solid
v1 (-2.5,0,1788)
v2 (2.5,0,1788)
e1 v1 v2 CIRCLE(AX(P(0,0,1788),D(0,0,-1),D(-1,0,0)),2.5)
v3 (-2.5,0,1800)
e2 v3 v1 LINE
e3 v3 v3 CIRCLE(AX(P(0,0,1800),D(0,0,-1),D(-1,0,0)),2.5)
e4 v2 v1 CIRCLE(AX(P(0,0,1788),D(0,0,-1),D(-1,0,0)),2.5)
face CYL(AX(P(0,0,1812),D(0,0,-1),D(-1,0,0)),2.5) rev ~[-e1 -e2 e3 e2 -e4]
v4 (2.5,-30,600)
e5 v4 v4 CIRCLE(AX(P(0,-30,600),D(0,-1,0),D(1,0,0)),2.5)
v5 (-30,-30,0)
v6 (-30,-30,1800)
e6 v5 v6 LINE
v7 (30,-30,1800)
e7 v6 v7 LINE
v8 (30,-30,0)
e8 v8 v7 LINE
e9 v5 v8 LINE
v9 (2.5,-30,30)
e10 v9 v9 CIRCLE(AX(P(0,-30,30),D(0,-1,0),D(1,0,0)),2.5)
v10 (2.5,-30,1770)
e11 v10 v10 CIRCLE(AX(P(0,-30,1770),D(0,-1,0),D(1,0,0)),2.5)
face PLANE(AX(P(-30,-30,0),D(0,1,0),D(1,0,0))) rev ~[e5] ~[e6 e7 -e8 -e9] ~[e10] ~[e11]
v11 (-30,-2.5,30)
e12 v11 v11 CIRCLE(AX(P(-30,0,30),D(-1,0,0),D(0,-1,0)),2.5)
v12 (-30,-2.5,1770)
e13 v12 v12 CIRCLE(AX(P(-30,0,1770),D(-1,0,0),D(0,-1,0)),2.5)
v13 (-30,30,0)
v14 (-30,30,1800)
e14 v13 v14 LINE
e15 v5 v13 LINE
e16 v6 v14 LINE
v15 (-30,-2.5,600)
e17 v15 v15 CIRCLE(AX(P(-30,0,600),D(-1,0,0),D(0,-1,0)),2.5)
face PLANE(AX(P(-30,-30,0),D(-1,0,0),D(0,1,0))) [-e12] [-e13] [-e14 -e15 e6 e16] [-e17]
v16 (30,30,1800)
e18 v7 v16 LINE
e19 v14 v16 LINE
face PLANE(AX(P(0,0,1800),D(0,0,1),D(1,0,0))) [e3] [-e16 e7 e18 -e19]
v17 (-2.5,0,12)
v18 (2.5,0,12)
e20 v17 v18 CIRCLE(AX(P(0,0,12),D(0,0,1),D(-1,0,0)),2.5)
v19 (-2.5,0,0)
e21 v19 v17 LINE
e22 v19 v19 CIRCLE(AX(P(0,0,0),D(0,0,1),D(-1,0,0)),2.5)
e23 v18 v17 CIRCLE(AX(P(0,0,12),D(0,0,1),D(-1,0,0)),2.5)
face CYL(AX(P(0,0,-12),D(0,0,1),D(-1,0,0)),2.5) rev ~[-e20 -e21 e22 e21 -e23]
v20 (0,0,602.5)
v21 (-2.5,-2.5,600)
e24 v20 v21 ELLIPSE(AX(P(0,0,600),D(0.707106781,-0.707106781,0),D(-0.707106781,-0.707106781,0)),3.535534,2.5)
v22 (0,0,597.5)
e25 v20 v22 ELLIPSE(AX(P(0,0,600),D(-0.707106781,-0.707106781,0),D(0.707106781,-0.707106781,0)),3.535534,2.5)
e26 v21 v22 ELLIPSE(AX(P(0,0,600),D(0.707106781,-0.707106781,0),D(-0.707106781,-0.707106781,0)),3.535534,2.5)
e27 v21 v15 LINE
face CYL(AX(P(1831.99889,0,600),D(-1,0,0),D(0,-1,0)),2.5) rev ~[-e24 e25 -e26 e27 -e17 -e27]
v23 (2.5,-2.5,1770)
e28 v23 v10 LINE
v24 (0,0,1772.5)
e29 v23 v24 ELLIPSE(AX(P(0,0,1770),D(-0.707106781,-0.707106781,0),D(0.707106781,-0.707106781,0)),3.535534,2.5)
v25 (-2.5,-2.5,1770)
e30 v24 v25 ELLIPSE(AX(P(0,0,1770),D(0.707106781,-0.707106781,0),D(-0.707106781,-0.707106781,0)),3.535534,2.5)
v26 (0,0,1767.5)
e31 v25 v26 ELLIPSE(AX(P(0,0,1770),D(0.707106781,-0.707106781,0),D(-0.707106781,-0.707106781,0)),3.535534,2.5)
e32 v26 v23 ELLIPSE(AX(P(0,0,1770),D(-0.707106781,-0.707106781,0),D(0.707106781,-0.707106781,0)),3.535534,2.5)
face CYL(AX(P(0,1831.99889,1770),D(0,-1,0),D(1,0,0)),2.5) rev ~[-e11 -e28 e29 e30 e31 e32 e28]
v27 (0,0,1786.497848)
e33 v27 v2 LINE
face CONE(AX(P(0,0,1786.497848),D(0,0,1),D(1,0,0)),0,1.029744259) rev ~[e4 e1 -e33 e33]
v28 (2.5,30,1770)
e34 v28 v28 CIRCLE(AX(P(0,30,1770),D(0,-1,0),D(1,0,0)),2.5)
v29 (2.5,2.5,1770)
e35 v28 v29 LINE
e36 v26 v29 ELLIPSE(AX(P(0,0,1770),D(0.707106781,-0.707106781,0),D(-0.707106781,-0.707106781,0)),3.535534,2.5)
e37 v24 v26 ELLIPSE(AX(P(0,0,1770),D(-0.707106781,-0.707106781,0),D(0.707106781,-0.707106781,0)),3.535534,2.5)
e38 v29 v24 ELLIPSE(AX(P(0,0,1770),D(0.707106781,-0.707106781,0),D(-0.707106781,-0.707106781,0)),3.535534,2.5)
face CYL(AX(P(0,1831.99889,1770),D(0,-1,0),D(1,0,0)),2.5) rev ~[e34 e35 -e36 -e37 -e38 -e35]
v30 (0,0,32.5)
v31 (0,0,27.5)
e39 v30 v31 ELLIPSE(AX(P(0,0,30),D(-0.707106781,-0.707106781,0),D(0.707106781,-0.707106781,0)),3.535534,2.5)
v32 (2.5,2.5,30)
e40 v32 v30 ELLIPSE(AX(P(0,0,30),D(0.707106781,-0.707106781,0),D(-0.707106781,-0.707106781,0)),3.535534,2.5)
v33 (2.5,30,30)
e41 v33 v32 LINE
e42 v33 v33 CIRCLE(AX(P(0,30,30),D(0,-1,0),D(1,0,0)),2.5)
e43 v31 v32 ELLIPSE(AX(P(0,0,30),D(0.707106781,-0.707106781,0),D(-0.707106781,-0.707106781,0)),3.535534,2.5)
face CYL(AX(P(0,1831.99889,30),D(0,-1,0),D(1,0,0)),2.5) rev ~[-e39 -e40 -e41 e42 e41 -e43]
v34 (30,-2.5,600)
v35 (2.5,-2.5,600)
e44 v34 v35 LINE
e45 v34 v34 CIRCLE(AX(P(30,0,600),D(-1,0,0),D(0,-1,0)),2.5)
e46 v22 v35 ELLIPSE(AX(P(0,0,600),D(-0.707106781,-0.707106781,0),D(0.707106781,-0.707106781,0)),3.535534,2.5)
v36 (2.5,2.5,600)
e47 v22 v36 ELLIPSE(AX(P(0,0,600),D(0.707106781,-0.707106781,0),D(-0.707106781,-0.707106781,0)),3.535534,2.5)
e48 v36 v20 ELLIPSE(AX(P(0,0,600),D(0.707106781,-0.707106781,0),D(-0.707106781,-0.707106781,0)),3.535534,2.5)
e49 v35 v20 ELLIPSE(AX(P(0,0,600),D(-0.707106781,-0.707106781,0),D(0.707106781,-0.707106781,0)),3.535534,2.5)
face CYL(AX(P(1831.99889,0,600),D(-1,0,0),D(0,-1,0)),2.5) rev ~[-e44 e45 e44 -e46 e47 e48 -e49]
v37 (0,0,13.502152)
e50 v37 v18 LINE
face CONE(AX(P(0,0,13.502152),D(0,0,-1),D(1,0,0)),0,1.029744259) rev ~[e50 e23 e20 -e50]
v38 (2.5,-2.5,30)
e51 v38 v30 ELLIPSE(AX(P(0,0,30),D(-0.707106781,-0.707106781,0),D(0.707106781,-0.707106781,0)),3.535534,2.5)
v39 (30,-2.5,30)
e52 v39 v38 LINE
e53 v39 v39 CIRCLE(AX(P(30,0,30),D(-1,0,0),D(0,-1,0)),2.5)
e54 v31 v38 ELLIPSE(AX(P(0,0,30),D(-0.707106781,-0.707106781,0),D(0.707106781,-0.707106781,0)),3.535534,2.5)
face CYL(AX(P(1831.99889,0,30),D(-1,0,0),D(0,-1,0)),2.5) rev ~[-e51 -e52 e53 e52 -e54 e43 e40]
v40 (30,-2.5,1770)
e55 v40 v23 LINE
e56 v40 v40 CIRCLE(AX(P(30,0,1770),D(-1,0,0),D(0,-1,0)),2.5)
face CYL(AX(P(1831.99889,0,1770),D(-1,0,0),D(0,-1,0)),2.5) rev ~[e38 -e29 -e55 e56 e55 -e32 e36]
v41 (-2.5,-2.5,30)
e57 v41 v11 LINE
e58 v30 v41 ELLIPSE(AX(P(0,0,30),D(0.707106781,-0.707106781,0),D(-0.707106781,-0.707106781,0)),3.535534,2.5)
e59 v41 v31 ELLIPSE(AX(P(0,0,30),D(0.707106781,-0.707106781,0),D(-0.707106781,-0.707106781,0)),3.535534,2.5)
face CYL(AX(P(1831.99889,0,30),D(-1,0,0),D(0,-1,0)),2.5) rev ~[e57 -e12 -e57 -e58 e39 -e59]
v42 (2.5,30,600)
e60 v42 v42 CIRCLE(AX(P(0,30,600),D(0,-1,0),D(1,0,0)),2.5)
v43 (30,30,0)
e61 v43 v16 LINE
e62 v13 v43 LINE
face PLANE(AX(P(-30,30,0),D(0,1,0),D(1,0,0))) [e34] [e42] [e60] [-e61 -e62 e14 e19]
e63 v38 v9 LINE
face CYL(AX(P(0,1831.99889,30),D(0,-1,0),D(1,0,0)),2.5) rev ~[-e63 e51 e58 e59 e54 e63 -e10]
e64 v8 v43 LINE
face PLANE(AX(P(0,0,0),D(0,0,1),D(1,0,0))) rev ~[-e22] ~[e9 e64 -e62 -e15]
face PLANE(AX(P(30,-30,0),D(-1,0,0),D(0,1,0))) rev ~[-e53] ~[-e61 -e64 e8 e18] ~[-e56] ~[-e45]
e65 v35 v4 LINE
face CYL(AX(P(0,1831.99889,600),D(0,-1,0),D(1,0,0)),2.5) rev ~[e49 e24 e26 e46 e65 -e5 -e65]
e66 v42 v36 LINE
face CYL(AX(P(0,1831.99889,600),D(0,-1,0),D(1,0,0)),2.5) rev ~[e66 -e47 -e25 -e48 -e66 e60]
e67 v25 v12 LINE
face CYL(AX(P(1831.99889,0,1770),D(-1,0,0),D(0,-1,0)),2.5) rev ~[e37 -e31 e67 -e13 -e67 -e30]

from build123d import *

# Parameters (mm, degrees)
F1_W           = 60
F1_H           = 60
F2_DEPTH       = 1800
F7_D           = 5
F7_DEPTH       = 12
F7_TIP         = 1.5021515476
F7_ON_F4_D     = 5
F7_ON_F4_DEPTH = 12
F7_ON_F4_TIP   = 1.5021515476
F8_D           = 5
F8_ON_F5_D     = 5


with BuildPart() as f2:
    # F1 (on Top) → F2 (new body)
    with BuildSketch(Plane.XY):
        Rectangle(F1_W, F1_H)
    extrude(amount=F2_DEPTH)

    # F7
    with Locations(Plane.XY.offset(1800)):
        with Locations((0, 0)):
            Hole(F7_D / 2, depth=F7_DEPTH)
            with Locations((0, 0, -(F7_DEPTH + F7_TIP / 2))):  # 118° drill point
                Cone(0, F7_D / 2, F7_TIP, mode=Mode.SUBTRACT)

    # F7 on F4
    with Locations(Plane(origin=(0, 0, 0), x_dir=(1, 0, 0), z_dir=(0, 0, -1))):
        with Locations((0, 0)):
            Hole(F7_ON_F4_D / 2, depth=F7_ON_F4_DEPTH)
            with Locations((0, 0, -(F7_ON_F4_DEPTH + F7_ON_F4_TIP / 2))):  # 118° drill point
                Cone(0, F7_ON_F4_D / 2, F7_ON_F4_TIP, mode=Mode.SUBTRACT)

    # F8 (through all)
    with Locations(Plane(origin=(0, 30, 0), x_dir=(-1, 0, 0), z_dir=(0, 1, 0))):
        with Locations((0, 1770), (0, 30), (0, 600)):
            Hole(F8_D / 2)

    # F8 on F5 (through all)
    with Locations(Plane.YZ.offset(30)):
        with Locations((0, 1770), (0, 30), (0, 600)):
            Hole(F8_ON_F5_D / 2)


solid = f2.part
